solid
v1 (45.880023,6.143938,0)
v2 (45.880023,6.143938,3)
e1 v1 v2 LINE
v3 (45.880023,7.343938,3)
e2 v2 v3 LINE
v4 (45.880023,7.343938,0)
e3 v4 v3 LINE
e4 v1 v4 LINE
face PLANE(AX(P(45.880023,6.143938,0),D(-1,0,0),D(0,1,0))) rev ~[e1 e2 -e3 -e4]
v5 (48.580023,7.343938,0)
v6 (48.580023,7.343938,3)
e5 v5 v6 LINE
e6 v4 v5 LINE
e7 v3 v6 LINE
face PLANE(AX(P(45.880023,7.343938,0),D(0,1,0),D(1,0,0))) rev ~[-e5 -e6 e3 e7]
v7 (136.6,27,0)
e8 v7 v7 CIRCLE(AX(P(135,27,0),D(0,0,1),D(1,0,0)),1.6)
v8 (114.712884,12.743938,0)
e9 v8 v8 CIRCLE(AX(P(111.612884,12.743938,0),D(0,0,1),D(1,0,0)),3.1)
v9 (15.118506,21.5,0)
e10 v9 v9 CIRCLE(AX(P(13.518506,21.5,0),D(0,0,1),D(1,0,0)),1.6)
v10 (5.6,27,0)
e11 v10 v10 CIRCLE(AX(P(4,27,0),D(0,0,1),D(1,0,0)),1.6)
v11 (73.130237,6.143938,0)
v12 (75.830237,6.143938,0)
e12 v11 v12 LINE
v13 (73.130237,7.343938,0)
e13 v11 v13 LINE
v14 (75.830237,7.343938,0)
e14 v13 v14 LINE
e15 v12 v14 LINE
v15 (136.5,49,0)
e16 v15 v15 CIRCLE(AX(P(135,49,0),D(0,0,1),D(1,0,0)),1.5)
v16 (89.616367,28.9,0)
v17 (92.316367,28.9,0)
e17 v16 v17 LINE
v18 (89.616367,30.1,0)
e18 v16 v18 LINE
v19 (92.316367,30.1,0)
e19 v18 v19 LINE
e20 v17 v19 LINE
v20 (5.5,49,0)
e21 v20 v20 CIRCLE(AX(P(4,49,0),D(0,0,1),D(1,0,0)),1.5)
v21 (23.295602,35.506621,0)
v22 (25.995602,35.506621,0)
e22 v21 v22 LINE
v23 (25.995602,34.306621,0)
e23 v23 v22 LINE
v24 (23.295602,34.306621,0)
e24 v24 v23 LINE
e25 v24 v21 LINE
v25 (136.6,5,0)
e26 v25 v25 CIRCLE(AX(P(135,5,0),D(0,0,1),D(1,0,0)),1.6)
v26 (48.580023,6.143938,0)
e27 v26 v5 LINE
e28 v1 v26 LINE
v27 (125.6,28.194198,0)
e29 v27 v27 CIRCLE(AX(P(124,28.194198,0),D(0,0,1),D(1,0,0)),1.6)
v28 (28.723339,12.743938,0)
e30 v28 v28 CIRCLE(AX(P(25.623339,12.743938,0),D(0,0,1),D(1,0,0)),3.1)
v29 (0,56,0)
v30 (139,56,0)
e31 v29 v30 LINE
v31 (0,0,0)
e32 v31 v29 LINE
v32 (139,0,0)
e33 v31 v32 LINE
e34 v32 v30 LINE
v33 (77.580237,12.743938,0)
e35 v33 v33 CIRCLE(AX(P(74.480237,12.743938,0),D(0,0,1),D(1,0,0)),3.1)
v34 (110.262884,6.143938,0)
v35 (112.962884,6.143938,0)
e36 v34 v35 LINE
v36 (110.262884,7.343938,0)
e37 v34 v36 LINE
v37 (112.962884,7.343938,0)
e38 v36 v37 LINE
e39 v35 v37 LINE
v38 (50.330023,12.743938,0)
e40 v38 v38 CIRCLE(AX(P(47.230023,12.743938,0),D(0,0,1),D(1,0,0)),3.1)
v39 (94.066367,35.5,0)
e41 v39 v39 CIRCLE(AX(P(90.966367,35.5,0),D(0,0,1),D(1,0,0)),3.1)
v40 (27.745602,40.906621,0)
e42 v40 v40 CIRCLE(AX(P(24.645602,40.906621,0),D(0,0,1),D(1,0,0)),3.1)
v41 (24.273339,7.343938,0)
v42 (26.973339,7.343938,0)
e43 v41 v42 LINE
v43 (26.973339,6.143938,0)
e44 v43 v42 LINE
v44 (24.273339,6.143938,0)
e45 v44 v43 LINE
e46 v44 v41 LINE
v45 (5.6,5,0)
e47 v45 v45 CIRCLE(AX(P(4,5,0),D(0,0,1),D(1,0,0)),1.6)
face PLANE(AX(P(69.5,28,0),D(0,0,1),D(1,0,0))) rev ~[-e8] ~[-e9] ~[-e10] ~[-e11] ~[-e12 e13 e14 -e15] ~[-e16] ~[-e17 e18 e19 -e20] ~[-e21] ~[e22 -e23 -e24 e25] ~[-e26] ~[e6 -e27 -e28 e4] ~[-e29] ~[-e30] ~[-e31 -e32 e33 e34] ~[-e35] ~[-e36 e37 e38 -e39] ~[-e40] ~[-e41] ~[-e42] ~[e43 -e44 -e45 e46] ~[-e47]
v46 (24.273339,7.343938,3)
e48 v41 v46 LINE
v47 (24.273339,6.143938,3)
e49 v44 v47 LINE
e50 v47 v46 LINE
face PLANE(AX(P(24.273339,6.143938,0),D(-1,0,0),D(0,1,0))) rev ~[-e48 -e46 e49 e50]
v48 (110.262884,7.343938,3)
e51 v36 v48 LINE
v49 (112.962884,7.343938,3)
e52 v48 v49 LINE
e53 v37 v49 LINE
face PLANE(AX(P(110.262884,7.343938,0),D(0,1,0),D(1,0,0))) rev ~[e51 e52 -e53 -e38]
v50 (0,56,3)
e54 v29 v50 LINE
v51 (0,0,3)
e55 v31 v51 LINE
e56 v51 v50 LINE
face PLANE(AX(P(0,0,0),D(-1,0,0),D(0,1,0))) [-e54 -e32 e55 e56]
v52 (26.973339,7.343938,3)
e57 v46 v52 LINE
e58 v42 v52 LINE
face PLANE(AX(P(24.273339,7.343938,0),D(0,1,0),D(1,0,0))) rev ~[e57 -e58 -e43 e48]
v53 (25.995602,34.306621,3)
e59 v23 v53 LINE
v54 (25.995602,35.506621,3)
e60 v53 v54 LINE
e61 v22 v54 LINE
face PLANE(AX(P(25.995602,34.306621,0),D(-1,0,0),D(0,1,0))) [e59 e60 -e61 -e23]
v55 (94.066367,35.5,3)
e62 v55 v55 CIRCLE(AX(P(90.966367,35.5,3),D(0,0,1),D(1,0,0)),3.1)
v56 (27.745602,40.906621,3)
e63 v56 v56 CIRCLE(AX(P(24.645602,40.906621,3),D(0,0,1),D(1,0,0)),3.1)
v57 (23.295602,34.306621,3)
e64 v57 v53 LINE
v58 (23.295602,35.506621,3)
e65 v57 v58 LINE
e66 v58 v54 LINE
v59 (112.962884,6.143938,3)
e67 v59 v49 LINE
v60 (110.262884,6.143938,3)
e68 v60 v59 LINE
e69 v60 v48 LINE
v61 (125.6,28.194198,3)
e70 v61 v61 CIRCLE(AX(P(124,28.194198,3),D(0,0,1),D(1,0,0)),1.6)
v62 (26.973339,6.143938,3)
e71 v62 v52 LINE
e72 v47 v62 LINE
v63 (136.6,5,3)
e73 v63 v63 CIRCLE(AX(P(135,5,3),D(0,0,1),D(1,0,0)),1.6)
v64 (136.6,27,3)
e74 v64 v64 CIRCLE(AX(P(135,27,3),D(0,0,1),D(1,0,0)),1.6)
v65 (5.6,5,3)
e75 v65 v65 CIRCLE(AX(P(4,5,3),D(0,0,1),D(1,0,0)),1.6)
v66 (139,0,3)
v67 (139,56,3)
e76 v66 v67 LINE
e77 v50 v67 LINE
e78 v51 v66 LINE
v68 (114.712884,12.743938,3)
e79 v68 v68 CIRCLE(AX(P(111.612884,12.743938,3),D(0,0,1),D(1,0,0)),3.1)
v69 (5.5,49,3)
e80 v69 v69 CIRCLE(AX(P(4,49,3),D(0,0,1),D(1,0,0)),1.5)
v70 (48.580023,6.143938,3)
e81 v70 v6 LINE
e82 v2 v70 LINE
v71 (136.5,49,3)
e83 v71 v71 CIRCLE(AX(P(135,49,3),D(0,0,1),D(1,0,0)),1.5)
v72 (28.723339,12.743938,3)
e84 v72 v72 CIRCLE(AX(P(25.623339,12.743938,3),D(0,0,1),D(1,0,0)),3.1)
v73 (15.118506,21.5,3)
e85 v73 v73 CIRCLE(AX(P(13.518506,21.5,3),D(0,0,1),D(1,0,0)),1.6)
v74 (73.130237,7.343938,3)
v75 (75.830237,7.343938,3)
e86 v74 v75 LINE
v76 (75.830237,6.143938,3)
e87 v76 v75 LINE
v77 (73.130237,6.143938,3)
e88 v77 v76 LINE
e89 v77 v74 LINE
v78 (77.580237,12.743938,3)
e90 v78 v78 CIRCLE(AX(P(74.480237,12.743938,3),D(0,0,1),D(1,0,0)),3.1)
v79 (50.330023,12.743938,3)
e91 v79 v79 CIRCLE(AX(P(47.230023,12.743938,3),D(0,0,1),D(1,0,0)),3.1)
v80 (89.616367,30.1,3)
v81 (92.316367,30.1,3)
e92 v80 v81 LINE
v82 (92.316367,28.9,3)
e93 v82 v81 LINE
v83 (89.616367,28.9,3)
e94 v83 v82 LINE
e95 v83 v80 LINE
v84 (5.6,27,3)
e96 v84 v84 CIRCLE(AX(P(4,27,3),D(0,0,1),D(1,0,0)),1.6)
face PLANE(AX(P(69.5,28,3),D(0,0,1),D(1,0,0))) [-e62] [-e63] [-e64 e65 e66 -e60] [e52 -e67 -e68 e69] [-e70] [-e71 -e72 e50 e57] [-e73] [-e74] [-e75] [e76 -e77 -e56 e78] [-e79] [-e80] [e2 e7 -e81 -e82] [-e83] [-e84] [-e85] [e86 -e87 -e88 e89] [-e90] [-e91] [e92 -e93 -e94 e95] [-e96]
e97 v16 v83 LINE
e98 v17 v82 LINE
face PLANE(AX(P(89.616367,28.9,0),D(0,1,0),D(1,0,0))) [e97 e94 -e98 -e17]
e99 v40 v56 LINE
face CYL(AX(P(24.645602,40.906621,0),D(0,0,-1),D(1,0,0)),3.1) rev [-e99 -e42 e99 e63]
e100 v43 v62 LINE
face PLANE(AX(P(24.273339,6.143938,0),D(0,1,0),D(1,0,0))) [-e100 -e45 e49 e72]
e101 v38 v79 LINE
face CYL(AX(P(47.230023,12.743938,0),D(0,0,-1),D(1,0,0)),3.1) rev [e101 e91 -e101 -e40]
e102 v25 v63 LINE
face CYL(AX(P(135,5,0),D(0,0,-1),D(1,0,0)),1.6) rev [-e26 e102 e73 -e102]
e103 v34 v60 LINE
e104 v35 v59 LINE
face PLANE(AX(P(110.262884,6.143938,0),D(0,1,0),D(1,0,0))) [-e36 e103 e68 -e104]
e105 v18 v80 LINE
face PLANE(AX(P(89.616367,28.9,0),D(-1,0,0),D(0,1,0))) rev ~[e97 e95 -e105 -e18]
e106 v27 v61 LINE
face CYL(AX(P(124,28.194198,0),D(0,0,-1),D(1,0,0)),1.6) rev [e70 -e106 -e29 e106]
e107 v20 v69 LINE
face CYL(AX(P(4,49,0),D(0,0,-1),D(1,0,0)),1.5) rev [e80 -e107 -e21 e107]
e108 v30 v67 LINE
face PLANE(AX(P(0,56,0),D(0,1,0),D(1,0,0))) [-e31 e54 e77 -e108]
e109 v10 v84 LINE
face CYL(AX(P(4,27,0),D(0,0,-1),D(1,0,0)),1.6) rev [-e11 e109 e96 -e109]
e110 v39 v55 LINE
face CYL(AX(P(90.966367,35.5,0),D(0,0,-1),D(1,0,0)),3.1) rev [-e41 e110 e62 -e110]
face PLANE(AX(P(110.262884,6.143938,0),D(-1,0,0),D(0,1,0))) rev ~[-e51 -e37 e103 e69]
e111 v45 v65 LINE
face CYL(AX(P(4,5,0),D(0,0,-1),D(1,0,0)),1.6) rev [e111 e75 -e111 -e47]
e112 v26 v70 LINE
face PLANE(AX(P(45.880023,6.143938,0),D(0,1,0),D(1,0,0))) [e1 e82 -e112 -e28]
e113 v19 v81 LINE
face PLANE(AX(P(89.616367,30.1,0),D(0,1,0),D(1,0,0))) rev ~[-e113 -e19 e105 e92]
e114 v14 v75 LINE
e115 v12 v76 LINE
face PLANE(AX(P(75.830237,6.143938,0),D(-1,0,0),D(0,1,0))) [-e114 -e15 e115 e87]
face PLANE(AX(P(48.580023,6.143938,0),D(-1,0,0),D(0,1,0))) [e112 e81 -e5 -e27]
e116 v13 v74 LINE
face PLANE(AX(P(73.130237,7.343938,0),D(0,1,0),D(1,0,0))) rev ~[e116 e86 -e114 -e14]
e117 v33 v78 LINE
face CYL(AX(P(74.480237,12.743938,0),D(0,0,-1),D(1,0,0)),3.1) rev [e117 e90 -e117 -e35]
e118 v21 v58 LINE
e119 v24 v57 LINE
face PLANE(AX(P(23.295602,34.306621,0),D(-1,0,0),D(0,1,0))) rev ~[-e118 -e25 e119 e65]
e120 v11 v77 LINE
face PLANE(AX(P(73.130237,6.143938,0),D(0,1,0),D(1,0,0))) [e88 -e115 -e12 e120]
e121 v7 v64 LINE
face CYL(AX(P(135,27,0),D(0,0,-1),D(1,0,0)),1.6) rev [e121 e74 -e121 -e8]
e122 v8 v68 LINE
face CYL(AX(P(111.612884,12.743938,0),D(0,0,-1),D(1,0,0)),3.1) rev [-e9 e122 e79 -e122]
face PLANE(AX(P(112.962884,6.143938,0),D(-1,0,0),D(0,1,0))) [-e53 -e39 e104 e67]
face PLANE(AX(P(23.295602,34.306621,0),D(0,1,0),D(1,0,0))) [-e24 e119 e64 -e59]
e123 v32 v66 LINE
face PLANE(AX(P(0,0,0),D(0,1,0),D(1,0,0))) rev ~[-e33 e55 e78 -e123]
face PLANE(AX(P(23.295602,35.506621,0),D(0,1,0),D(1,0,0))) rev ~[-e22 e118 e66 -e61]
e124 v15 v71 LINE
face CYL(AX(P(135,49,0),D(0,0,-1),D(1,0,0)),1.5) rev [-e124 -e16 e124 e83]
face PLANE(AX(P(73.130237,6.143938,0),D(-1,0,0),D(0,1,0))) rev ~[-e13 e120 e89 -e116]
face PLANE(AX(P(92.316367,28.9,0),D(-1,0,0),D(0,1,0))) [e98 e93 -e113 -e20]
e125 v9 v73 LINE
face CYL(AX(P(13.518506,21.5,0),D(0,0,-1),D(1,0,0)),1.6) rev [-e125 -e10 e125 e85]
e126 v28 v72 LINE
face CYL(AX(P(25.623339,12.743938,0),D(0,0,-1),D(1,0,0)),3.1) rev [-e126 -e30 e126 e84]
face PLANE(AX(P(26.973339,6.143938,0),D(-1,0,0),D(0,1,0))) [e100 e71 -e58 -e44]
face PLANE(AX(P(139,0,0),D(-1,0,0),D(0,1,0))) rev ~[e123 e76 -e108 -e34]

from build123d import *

# Parameters (mm, degrees)
SKETCH1_W           = 139
SKETCH1_H           = 56
SKETCH1_R           = 1.6
SKETCH1_R_2         = 3.1
SKETCH1_R_3         = 1.5
SKETCH1_W_2         = 2.7
SKETCH1_H_2         = 1.2
BOSS_EXTRUDE1_DEPTH = 3


with BuildPart() as part:
    # Sketch1 → Boss-Extrude1 (new body)
    with BuildSketch(Plane.XY):
        with Locations((69.5, 28)):
            Rectangle(SKETCH1_W, SKETCH1_H)
        with Locations((4, 27)):
            Circle(SKETCH1_R, mode=Mode.SUBTRACT)
        with Locations((135, 27)):
            Circle(SKETCH1_R, mode=Mode.SUBTRACT)
        with Locations((135, 5)):
            Circle(SKETCH1_R, mode=Mode.SUBTRACT)
        with Locations((4, 5)):
            Circle(SKETCH1_R, mode=Mode.SUBTRACT)
        with Locations((13.518505835, 21.5)):
            Circle(SKETCH1_R, mode=Mode.SUBTRACT)
        with Locations((124, 28.19419762)):
            Circle(SKETCH1_R, mode=Mode.SUBTRACT)
        with Locations((24.645602403, 40.906620861)):
            Circle(SKETCH1_R_2, mode=Mode.SUBTRACT)
        with Locations((25.62333913, 12.743937624)):
            Circle(SKETCH1_R_2, mode=Mode.SUBTRACT)
        with Locations((111.612884483, 12.743937624)):
            Circle(SKETCH1_R_2, mode=Mode.SUBTRACT)
        with Locations((90.966366944, 35.5)):
            Circle(SKETCH1_R_2, mode=Mode.SUBTRACT)
        with Locations((74.480236578, 12.743937624)):
            Circle(SKETCH1_R_2, mode=Mode.SUBTRACT)
        with Locations((47.230023053, 12.743937624)):
            Circle(SKETCH1_R_2, mode=Mode.SUBTRACT)
        with Locations((4, 49)):
            Circle(SKETCH1_R_3, mode=Mode.SUBTRACT)
        with Locations((135, 49)):
            Circle(SKETCH1_R_3, mode=Mode.SUBTRACT)
        with Locations((24.645602403, 34.906620861)):
            Rectangle(SKETCH1_W_2, SKETCH1_H_2, mode=Mode.SUBTRACT)
        with Locations((25.62333913, 6.743937624)):
            Rectangle(SKETCH1_W_2, SKETCH1_H_2, mode=Mode.SUBTRACT)
        with Locations((111.612884483, 6.743937624)):
            Rectangle(SKETCH1_W_2, SKETCH1_H_2, mode=Mode.SUBTRACT)
        with Locations((90.966366944, 29.5)):
            Rectangle(SKETCH1_W_2, SKETCH1_H_2, mode=Mode.SUBTRACT)
        with Locations((74.480236578, 6.743937624)):
            Rectangle(SKETCH1_W_2, SKETCH1_H_2, mode=Mode.SUBTRACT)
        with Locations((47.230023053, 6.743937624)):
            Rectangle(SKETCH1_W_2, SKETCH1_H_2, mode=Mode.SUBTRACT)
    extrude(amount=BOSS_EXTRUDE1_DEPTH)


solid = part.part
